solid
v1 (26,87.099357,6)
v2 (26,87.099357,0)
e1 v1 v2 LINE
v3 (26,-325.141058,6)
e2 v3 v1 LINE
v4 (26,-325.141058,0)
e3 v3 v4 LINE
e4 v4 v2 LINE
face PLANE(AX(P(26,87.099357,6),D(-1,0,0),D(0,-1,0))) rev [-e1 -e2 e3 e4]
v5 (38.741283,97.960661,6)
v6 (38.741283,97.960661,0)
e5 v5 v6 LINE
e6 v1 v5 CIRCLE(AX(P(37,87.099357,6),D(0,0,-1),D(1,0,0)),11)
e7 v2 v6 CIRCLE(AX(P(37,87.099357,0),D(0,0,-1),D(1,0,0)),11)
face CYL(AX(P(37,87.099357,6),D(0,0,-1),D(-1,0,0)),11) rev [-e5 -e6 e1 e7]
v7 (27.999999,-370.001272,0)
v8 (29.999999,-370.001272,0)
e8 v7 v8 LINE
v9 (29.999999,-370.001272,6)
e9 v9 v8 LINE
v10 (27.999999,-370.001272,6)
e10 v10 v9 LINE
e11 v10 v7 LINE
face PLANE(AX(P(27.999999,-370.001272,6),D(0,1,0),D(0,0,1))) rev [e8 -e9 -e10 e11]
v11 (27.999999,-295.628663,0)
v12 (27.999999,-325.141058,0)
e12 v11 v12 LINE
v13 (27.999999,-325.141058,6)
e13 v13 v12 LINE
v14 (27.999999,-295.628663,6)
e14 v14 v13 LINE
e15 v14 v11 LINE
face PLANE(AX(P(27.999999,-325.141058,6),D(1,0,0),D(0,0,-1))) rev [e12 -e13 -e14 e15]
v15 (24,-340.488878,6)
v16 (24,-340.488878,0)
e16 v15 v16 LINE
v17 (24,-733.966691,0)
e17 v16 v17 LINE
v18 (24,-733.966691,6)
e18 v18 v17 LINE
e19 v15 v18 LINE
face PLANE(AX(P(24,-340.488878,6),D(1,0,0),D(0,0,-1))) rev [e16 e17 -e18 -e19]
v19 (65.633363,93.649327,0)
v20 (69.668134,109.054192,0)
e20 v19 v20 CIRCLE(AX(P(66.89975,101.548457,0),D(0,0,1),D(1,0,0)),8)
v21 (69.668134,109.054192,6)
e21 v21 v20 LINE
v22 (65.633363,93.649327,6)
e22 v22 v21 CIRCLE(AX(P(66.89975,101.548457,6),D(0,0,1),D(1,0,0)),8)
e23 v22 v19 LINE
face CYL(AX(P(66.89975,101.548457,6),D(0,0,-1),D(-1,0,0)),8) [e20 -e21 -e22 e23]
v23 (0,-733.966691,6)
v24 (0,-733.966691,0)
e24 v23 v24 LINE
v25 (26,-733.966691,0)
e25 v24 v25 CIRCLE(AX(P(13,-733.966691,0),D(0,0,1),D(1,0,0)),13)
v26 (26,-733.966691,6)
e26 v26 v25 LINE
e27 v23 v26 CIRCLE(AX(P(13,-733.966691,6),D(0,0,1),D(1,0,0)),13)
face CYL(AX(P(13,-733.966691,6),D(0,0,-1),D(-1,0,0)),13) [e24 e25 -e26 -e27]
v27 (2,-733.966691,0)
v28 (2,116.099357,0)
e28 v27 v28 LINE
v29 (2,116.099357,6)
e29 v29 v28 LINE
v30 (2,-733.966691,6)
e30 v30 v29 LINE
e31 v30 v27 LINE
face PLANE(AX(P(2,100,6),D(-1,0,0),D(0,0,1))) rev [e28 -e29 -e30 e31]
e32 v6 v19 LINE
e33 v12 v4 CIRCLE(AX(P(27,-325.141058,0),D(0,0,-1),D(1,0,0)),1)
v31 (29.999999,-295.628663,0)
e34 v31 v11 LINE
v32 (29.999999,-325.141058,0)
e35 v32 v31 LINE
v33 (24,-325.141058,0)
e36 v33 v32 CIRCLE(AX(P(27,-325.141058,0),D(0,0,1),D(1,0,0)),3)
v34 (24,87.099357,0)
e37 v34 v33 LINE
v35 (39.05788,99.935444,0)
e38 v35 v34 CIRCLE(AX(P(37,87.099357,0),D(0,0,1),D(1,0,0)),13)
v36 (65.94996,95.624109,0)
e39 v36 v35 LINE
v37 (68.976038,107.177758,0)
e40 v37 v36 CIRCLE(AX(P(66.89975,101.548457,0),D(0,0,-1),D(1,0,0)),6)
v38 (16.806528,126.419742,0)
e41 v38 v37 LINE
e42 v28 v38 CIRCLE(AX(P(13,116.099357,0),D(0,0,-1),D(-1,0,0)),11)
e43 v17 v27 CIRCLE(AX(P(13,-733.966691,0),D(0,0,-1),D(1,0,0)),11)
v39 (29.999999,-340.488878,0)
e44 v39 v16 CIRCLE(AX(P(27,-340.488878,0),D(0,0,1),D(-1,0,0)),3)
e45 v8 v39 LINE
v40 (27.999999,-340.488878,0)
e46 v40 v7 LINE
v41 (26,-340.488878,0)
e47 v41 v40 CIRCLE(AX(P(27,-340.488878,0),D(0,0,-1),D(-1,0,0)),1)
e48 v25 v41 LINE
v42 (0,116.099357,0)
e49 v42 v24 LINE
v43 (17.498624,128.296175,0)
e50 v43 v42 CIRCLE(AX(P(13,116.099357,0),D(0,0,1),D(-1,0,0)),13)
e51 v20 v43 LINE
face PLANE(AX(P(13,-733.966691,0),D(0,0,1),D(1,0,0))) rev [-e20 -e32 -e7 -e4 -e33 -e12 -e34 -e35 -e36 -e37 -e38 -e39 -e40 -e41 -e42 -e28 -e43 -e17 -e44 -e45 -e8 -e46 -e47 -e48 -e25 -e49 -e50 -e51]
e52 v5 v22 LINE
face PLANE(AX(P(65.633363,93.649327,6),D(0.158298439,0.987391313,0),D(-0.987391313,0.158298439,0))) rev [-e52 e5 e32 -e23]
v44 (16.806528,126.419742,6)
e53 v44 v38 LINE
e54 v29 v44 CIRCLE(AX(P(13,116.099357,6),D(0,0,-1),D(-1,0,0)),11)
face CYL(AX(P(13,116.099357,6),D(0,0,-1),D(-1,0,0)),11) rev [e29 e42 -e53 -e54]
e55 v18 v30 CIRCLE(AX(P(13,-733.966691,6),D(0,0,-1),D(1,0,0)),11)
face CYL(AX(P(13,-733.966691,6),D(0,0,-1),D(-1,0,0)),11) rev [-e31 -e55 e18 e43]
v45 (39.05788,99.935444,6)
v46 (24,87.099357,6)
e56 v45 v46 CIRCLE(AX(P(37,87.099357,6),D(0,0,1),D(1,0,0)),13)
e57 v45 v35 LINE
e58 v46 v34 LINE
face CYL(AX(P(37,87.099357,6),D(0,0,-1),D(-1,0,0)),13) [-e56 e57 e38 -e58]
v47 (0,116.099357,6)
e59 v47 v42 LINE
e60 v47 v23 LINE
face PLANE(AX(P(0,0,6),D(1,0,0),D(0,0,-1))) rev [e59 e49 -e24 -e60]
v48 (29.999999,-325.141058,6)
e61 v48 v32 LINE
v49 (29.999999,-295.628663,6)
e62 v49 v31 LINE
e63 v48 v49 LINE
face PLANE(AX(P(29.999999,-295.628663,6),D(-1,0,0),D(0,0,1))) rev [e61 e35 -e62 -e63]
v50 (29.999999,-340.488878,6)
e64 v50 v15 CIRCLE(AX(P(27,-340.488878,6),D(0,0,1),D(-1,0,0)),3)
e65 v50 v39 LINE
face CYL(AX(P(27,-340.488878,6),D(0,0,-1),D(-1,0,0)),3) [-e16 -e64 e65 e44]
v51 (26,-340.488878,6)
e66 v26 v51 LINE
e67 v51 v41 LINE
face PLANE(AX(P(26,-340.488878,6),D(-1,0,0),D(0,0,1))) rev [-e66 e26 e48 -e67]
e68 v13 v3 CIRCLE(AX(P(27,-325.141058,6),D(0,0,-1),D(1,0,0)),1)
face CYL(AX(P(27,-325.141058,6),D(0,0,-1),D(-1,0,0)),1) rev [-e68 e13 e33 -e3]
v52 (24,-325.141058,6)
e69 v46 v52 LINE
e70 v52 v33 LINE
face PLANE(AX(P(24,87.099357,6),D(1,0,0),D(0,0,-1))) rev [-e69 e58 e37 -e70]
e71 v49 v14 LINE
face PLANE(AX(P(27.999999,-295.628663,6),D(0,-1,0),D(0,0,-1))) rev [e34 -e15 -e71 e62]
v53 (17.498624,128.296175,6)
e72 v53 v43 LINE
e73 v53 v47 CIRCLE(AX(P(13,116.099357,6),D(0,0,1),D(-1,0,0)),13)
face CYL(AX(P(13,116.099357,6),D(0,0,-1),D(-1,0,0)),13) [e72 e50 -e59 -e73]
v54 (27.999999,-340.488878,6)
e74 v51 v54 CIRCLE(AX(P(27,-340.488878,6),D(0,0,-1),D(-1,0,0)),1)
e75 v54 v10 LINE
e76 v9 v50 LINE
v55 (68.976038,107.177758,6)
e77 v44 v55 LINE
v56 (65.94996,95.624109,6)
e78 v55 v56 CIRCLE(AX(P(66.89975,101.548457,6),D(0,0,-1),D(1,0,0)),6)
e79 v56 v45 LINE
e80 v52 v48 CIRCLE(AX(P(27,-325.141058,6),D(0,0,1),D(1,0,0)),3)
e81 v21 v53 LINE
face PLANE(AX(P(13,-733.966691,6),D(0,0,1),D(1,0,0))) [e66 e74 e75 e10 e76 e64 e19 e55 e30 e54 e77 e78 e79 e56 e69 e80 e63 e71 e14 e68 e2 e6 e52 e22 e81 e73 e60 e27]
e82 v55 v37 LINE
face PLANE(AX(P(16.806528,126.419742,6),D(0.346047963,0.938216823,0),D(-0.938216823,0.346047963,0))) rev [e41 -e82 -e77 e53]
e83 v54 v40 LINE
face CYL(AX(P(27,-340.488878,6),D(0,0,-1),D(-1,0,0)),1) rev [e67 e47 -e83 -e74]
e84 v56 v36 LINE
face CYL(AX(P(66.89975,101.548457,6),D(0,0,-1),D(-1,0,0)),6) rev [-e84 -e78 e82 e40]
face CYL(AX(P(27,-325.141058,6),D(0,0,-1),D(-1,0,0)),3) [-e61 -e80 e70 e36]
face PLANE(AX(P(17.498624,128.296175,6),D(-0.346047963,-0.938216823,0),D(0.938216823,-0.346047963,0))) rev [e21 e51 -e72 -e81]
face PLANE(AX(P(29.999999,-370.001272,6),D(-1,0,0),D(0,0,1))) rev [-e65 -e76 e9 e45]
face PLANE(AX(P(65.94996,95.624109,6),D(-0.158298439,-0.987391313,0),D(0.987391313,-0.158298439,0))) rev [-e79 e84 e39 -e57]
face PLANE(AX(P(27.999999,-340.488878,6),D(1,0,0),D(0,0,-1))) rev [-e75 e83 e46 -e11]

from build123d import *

# Parameters (mm, degrees)
BOSS_EXTRUDE1_DEPTH = 6


with BuildPart() as part:
    # Sketch1 → Boss-Extrude1 (new body)
    with BuildSketch(Plane.XY):
        with BuildLine():
            Line((0, 0), (0, 100))
            Line((0, 100), (0, 116.099356626))
            ThreePointArc((0, 116.099356626), (5.566363801, 126.764301673), (17.498623517, 128.296175326))
            Line((17.498623517, 128.296175326), (69.668134054, 109.054191593))
            ThreePointArc((69.668134054, 109.054191593), (74.638707981, 99.521504918), (65.633362838, 93.649326508))
            Line((65.633362838, 93.649326508), (38.741282829, 97.960661065))
            ThreePointArc((38.741282829, 97.960661065), (29.863968579, 95.470560576), (25.999999999, 87.099356626))
            Line((25.999999999, 87.099356626), (25.999999999, -325.14105767))
            ThreePointArc((25.999999999, -325.14105767), (26.999999698, -326.141057369), (27.999999397, -325.14105767))
            Line((27.999999397, -325.14105767), (27.999999397, -295.628663382))
            Line((27.999999397, -295.628663382), (29.999999399, -295.628663382))
            Line((29.999999399, -295.628663382), (29.999999399, -325.14105767))
            ThreePointArc((29.999999399, -325.14105767), (26.999999699, -328.14105737), (23.999999999, -325.14105767))
            Line((23.999999999, -325.14105767), (23.999999999, 87.099356626))
            ThreePointArc((23.999999999, 87.099356626), (28.56650832, 96.992597657), (39.057879707, 99.93544369))
            Line((39.057879707, 99.93544369), (65.949959716, 95.624109133))
            ThreePointArc((65.949959716, 95.624109133), (72.703968573, 100.02824294), (68.976038128, 107.177757947))
            Line((68.976038128, 107.177757947), (16.806527591, 126.41974168))
            ThreePointArc((16.806527591, 126.41974168), (6.710000139, 125.123540896), (2, 116.099356626))
            Line((2, 116.099356626), (2, 100))
            Line((2, 100), (2, 0))
            Line((2, 0), (2, -733.96669053))
            ThreePointArc((2, -733.96669053), (13, -744.96669053), (24, -733.96669053))
            Line((24, -733.96669053), (24, -340.488878189))
            ThreePointArc((24, -340.488878189), (26.9999997, -337.488878489), (29.9999994, -340.488878189))
            Line((29.9999994, -340.488878189), (29.9999994, -370.001272476))
            Line((29.9999994, -370.001272476), (27.999999398, -370.001272476))
            Line((27.999999398, -370.001272476), (27.999999398, -340.488878189))
            ThreePointArc((27.999999398, -340.488878189), (26.999999699, -339.48887849), (26, -340.488878189))
            Line((26, -340.488878189), (26, -733.96669053))
            ThreePointArc((26, -733.96669053), (13, -746.96669053), (0, -733.96669053))
            Line((0, -733.96669053), (0, 0))
        make_face()
    extrude(amount=BOSS_EXTRUDE1_DEPTH)


solid = part.part
